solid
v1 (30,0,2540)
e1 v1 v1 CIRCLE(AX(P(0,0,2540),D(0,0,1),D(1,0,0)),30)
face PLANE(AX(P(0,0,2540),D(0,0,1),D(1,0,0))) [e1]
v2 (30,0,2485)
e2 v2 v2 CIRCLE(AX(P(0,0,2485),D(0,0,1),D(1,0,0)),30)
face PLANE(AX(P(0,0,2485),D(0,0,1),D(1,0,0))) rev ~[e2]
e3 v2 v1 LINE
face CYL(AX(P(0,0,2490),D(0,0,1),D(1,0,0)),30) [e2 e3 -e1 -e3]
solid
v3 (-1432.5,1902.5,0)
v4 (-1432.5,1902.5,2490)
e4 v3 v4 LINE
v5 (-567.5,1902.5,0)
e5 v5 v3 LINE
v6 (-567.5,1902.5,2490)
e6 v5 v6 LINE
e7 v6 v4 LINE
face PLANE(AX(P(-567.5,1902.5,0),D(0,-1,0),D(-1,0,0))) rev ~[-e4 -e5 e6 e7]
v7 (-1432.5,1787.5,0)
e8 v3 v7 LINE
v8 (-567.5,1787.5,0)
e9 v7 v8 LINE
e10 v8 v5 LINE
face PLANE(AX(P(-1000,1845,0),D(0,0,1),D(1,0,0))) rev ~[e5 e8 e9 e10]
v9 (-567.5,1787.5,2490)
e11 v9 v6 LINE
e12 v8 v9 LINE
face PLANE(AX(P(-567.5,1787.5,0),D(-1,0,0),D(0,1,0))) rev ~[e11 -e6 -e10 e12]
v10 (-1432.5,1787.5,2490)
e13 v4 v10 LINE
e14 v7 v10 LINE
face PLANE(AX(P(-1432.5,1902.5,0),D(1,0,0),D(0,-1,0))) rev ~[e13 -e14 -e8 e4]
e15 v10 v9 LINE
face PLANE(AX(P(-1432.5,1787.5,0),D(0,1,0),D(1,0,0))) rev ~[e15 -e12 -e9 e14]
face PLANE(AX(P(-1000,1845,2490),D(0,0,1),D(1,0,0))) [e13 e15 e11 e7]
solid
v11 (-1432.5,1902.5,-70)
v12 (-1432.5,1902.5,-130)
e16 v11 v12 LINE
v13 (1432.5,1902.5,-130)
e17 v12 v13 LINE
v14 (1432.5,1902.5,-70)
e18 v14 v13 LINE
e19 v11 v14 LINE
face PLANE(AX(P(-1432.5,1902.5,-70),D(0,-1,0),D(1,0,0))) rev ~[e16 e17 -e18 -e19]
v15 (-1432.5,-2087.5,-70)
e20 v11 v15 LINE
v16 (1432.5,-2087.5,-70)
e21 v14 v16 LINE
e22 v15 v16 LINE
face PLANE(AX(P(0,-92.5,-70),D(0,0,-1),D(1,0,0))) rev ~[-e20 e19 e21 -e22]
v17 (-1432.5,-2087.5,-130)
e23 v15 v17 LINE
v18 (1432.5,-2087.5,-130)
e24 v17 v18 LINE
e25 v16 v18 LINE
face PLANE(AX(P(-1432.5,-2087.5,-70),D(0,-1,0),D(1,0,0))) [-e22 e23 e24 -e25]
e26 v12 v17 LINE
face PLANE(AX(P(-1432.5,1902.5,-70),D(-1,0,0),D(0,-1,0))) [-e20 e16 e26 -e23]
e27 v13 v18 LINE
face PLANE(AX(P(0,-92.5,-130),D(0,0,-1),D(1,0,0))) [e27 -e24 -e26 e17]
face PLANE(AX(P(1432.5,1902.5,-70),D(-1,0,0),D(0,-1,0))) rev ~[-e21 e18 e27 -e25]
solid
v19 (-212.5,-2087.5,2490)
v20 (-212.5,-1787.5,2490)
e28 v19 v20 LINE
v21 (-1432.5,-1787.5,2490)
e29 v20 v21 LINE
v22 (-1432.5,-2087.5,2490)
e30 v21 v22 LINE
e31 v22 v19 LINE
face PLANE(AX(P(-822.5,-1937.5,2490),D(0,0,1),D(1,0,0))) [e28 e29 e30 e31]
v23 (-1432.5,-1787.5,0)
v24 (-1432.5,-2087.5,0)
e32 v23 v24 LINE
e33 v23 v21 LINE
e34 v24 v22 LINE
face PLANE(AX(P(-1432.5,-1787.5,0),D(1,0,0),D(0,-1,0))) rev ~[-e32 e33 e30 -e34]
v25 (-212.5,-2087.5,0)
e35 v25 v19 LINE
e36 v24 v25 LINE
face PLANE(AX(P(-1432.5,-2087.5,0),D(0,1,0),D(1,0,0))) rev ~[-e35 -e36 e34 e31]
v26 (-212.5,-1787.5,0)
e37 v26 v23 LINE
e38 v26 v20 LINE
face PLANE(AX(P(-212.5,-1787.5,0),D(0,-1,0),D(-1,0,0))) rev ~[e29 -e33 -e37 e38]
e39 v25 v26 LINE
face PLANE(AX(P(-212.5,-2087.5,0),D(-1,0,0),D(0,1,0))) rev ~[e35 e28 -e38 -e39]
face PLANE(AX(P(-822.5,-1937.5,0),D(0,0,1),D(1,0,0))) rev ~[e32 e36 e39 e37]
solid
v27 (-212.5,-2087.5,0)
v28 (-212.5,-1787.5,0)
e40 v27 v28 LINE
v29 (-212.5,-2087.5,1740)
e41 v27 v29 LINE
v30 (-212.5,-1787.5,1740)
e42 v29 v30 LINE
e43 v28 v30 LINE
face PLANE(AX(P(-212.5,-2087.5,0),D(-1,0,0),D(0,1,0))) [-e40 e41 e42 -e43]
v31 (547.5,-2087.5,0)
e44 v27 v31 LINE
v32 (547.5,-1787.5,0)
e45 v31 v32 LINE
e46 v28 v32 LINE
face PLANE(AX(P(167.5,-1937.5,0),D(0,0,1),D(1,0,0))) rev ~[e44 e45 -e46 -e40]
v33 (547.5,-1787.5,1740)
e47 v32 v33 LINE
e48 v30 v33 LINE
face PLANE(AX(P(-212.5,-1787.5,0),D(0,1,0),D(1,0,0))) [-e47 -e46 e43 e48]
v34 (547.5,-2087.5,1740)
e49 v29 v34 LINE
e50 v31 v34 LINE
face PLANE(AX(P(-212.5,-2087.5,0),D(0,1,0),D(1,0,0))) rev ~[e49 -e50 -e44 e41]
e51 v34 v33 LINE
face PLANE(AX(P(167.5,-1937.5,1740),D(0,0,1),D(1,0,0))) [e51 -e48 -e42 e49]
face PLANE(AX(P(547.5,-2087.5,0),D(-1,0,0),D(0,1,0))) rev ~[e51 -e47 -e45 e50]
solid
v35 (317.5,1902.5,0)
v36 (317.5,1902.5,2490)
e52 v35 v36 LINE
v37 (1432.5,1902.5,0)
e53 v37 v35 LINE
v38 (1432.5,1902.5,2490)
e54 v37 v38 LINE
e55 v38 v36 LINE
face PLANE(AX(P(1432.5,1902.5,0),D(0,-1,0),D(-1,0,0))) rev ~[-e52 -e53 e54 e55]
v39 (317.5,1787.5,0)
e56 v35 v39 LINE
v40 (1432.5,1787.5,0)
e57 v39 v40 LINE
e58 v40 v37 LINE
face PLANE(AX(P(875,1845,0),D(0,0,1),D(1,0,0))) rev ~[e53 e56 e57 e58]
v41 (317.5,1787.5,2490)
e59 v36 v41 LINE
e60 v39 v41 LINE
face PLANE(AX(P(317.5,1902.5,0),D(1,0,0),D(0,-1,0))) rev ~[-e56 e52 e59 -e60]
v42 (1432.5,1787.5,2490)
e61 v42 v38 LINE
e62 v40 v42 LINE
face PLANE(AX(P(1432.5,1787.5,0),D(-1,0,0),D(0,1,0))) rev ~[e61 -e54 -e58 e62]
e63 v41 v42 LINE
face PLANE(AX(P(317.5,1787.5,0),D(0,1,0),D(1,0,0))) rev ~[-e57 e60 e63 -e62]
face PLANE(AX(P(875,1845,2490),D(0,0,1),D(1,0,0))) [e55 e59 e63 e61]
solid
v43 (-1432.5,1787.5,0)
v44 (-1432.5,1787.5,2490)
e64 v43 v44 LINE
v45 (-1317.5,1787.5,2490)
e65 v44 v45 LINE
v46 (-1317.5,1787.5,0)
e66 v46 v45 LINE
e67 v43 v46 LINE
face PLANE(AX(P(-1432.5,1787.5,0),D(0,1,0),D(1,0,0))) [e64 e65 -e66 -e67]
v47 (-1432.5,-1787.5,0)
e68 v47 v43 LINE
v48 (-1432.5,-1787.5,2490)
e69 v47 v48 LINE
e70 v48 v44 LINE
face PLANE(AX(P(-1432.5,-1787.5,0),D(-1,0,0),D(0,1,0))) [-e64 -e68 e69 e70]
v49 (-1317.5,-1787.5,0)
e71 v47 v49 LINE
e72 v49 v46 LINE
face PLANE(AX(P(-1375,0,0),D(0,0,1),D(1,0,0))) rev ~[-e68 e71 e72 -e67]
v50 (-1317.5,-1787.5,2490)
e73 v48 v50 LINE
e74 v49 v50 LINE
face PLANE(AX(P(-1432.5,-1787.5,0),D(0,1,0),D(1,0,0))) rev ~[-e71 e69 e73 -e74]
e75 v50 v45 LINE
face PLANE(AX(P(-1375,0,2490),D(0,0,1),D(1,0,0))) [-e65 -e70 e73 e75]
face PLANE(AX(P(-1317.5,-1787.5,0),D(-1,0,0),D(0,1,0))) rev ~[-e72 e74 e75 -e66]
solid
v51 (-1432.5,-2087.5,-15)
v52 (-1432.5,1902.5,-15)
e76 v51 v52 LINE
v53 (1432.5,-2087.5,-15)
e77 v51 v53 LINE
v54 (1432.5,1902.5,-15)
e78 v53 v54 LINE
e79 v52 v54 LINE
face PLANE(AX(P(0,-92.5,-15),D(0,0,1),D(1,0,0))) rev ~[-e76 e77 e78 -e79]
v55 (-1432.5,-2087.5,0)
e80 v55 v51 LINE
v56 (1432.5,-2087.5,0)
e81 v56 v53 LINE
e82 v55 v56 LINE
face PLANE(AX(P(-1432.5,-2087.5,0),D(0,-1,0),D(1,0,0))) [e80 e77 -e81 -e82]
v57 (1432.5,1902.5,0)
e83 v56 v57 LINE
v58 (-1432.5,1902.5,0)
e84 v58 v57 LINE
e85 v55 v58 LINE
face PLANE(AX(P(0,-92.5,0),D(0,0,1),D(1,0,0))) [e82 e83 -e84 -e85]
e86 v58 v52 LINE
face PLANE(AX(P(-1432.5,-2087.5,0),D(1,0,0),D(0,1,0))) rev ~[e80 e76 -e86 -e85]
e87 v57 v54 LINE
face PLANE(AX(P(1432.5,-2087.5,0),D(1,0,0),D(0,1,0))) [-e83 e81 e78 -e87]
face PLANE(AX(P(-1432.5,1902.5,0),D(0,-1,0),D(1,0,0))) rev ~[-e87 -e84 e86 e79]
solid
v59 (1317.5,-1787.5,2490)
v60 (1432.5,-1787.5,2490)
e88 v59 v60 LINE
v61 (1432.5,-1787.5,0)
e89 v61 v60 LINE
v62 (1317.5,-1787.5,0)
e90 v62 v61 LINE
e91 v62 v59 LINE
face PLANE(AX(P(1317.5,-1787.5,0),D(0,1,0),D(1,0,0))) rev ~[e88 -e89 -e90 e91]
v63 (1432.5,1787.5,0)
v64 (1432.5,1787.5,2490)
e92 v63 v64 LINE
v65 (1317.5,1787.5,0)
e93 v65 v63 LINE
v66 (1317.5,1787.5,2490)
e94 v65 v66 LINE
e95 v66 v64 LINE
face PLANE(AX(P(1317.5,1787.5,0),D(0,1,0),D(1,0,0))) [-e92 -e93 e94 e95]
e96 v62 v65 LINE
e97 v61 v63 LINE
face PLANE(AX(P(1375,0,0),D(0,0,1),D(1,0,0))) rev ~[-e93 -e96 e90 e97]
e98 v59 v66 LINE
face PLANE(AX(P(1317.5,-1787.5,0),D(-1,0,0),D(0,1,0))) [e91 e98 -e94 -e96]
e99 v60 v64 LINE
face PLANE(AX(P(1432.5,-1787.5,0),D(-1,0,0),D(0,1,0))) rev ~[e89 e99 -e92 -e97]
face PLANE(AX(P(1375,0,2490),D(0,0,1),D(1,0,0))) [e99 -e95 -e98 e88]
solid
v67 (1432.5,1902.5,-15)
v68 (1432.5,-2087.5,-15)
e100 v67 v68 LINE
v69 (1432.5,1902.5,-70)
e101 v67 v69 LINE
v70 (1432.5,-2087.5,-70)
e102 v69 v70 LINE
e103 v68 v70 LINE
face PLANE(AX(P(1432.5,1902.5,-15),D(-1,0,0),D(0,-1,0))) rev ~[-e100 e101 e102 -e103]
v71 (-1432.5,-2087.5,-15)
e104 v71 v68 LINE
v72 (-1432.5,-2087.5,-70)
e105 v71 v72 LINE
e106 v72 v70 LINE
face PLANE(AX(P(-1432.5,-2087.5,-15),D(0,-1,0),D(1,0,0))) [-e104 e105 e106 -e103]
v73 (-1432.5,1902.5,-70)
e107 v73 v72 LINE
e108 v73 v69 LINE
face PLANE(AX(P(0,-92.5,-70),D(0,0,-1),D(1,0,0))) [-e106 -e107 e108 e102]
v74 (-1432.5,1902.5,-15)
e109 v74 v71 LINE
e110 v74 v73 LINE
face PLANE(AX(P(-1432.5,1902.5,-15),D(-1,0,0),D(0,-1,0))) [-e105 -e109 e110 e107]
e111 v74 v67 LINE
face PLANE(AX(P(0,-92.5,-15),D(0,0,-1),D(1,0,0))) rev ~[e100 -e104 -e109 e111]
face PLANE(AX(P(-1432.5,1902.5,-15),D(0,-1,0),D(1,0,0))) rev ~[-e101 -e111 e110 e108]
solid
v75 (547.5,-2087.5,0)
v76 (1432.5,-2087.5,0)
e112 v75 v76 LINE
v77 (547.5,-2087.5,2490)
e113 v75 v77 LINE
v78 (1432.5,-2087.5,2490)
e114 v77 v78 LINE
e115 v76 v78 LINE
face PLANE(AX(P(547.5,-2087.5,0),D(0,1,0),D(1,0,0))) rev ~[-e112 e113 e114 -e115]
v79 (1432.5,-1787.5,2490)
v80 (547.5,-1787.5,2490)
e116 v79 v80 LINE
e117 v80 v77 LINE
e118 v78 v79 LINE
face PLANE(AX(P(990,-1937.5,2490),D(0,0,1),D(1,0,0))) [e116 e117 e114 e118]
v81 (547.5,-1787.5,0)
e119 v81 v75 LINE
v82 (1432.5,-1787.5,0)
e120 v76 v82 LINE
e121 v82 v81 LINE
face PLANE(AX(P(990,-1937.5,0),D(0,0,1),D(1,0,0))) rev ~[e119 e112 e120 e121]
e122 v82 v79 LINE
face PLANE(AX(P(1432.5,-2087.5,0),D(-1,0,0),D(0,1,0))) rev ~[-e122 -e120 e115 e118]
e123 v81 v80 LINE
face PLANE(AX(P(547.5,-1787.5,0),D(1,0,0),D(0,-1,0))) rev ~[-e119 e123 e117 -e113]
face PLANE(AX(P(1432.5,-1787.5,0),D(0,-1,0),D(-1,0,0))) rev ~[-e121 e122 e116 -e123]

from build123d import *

# Parameters (mm, degrees)
F1_W           = 2865
F1_H           = 3990
F2_DEPTH       = 15
F3_W           = 2865
F3_H           = 3990
F4_DEPTH       = 55
F5_W           = 2865
F5_H           = 3990
F6_DEPTH       = 60
F0_W           = 115
F0_H           = 3575
F9_DEPTH       = 2490
F10_DEPTH      = 2490
F11_DEPTH      = 2490
F0_W_2         = 760
F0_H_2         = 300
F12_DEPTH      = 1740
F14_R          = 30
F15_DEPTH      = 50
F15_DEPTH_BACK = 5


with BuildPart() as f2:
    # F1 (on Top) → F2 (new body)
    with BuildSketch(Plane.XY):
        with Locations((0, -92.5)):
            Rectangle(F1_W, F1_H)
    extrude(amount=-F2_DEPTH)


with BuildPart() as f4:
    # F3 (on face) → F4 (new body)
    with BuildSketch(Plane(origin=(0, 0, -15), x_dir=(1, 0, 0), z_dir=(0, 0, -1))):
        with Locations((0, 92.5)):
            Rectangle(F3_W, F3_H)
    extrude(amount=F4_DEPTH)


with BuildPart() as f6:
    # F5 (on face) → F6 (new body)
    with BuildSketch(Plane(origin=(0, 0, -70), x_dir=(1, 0, 0), z_dir=(0, 0, -1))):
        with Locations((0, 92.5)):
            Rectangle(F5_W, F5_H)
    extrude(amount=F6_DEPTH)


with BuildPart() as f9:
    # F0 (on Top) → F9 (new body)
    with BuildSketch(Plane.XY):
        with Locations((-1375, 0)):
            Rectangle(F0_W, F0_H)
    extrude(amount=F9_DEPTH)


with BuildPart() as f9b:
    # F0 (on Top) → F9, piece 2 (new body)
    with BuildSketch(Plane.XY):
        with Locations((1375, 0)):
            Rectangle(F0_W, F0_H)
    extrude(amount=F9_DEPTH)


with BuildPart() as f10:
    # F0 (on Top) → F10 (new body)
    with BuildSketch(Plane.XY):
        Polygon((-1432.5, 1787.5), (-1317.5, 1787.5), (-567.5, 1787.5), (-567.5, 1902.5), (-1432.5, 1902.5), align=None)
    extrude(amount=F10_DEPTH)


with BuildPart() as f10b:
    # F0 (on Top) → F10, piece 2 (new body)
    with BuildSketch(Plane.XY):
        Polygon((317.5, 1787.5), (1317.5, 1787.5), (1432.5, 1787.5), (1432.5, 1902.5), (317.5, 1902.5), align=None)
    extrude(amount=F10_DEPTH)


with BuildPart() as f11:
    # F0 (on Top) → F11 (new body)
    with BuildSketch(Plane.XY):
        Polygon((-212.5, -1787.5), (-1317.5, -1787.5), (-1432.5, -1787.5), (-1432.5, -2087.5), (-212.5, -2087.5), align=None)
    extrude(amount=F11_DEPTH)


with BuildPart() as f11b:
    # F0 (on Top) → F11, piece 2 (new body)
    with BuildSketch(Plane.XY):
        Polygon((1317.5, -1787.5), (547.5, -1787.5), (547.5, -2087.5), (1432.5, -2087.5), (1432.5, -1787.5), align=None)
    extrude(amount=F11_DEPTH)


with BuildPart() as f12:
    # F0 (on Top) → F12 (new body)
    with BuildSketch(Plane.XY):
        with Locations((167.5, -1937.5)):
            Rectangle(F0_W_2, F0_H_2)
    extrude(amount=F12_DEPTH)


with BuildPart() as f15:
    # F14 (on face) → F15 (new body, two sides)
    with BuildSketch(Plane.XY.offset(2490)) as f15_sk:
        Circle(F14_R)
    extrude(amount=F15_DEPTH)
    extrude(f15_sk.sketch, amount=-F15_DEPTH_BACK)


solid = Compound([f2.part, f4.part, f6.part, f9.part, f9b.part, f10.part, f10b.part, f11.part, f11b.part, f12.part, f15.part])
